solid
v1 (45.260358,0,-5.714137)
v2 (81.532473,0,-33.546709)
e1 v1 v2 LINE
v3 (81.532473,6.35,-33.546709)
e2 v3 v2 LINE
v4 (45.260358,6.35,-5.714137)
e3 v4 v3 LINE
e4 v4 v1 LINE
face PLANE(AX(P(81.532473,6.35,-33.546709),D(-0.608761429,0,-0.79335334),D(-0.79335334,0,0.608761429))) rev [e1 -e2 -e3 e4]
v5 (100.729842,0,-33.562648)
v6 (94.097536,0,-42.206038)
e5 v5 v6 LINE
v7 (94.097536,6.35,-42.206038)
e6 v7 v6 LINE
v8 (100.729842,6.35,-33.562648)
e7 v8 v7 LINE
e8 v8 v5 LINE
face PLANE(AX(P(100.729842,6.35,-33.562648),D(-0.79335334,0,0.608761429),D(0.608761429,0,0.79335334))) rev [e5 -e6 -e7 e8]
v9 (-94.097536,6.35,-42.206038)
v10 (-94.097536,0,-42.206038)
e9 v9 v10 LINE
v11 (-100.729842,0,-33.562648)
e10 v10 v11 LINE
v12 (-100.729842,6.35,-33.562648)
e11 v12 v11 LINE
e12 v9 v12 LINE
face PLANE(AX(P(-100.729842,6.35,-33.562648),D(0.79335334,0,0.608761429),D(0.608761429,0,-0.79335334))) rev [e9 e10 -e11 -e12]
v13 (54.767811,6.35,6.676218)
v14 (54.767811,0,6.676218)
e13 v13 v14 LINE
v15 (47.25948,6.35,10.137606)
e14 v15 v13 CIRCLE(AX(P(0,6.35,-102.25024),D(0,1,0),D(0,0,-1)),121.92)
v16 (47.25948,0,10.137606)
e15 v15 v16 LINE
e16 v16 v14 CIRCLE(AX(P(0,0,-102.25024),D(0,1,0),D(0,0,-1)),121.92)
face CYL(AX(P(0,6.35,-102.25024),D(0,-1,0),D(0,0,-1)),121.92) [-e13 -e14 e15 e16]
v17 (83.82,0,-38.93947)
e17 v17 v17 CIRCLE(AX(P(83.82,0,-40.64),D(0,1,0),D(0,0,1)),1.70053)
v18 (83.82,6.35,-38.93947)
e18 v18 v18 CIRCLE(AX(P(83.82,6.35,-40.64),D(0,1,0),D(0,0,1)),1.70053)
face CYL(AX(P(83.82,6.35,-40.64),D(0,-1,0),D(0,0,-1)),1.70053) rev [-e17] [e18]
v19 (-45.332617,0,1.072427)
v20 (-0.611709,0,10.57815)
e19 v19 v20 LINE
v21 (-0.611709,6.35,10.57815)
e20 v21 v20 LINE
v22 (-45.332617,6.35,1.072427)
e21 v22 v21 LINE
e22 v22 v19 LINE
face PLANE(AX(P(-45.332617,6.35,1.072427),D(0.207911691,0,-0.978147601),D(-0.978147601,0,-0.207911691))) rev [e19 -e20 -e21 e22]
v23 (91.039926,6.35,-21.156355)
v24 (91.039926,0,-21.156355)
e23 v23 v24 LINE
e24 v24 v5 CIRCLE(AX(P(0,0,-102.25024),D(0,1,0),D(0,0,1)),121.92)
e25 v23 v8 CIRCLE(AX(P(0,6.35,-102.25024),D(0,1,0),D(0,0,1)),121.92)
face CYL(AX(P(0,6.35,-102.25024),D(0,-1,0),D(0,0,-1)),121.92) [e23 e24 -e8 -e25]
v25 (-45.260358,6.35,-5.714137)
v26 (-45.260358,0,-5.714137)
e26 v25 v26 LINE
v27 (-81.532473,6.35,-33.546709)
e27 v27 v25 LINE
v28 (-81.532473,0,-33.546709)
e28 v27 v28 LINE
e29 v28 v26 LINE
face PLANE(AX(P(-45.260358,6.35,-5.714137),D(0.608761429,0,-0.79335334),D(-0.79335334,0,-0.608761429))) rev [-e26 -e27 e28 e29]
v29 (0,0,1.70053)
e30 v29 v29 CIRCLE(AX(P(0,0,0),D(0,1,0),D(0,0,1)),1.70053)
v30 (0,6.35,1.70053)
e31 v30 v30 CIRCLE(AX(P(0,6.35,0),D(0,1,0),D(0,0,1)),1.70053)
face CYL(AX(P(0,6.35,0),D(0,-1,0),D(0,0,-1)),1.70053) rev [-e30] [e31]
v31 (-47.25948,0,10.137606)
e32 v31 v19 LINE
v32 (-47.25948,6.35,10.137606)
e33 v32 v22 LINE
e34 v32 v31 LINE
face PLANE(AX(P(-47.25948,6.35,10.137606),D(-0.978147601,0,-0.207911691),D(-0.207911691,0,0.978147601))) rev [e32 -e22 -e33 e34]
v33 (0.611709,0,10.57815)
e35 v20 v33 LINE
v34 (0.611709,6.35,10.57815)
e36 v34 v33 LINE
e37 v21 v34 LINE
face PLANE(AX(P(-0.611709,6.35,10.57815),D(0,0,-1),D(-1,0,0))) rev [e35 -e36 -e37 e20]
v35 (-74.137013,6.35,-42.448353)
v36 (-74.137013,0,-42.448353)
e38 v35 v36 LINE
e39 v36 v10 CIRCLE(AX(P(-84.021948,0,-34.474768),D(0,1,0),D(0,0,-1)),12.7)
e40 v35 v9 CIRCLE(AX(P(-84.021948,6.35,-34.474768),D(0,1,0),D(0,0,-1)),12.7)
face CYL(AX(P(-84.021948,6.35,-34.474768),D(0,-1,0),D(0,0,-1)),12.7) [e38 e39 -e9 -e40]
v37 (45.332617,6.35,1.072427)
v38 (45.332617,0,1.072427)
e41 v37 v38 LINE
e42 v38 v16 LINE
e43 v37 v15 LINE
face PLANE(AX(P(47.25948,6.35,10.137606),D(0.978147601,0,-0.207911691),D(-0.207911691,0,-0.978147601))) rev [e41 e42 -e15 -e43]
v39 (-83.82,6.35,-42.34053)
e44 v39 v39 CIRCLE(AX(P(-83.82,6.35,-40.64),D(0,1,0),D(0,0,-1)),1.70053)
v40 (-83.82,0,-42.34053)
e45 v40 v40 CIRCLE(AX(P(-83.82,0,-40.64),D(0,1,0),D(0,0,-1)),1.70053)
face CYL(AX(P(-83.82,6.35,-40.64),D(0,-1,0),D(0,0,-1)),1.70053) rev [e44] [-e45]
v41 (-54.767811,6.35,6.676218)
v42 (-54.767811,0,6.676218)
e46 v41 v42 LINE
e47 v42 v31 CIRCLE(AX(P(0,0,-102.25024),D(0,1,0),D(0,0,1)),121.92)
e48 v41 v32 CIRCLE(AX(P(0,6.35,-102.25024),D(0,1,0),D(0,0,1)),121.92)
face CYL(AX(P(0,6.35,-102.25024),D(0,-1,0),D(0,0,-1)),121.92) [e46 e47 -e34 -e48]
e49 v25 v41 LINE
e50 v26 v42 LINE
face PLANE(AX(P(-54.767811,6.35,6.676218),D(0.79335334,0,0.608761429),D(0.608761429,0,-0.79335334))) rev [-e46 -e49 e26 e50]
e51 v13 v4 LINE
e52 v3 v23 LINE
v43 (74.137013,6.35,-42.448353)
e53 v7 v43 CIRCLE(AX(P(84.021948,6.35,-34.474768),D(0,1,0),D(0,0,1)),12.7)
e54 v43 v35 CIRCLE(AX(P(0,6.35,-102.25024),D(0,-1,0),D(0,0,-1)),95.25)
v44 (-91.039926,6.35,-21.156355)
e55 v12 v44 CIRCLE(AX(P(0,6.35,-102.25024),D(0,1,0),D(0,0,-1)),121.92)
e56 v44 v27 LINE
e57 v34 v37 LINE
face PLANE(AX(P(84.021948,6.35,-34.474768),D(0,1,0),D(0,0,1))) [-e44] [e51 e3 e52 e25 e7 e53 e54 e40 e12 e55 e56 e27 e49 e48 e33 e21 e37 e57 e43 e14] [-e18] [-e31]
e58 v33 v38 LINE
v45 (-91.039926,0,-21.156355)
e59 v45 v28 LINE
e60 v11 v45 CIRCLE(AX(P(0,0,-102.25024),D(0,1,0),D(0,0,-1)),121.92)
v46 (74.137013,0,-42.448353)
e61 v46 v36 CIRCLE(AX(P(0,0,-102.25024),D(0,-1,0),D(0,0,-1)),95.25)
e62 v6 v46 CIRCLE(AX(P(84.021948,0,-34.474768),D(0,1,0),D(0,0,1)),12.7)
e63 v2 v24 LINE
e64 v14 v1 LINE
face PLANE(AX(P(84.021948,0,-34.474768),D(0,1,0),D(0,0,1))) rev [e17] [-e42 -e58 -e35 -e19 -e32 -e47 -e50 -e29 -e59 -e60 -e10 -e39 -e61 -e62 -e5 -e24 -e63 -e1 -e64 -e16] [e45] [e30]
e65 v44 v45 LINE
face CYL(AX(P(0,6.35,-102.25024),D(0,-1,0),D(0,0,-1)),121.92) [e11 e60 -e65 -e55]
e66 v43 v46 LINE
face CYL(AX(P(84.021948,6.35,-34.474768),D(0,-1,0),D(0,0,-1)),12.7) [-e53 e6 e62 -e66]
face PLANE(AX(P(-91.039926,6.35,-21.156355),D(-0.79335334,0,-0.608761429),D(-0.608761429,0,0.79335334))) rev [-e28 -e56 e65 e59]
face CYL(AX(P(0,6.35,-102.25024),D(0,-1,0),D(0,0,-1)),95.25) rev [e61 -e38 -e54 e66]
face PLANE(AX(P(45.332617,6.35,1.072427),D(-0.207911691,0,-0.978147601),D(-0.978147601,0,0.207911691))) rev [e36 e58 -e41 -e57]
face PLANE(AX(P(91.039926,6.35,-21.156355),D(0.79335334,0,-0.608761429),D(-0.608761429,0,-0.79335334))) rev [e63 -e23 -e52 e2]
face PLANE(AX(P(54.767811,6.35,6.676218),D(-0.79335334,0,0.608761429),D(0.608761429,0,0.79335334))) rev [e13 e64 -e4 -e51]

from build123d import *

# Parameters (mm, degrees)
SKETCH1_R           = 1.70053
BOSS_EXTRUDE1_DEPTH = 6.35


with BuildPart() as part:
    # Sketch1 → Boss-Extrude1 (new body)
    with BuildSketch(Plane(origin=(0, 0, 0), x_dir=(1, 0, 0), z_dir=(0, 1, 0))):
        with BuildLine():
            Line((100.72984212, 33.562647915), (94.097535909, 42.20603765))
            ThreePointArc((94.097535909, 42.20603765), (84.176111379, 47.17383179), (74.137013371, 42.448352501))
            ThreePointArc((74.137013371, 42.448352501), (0, 7.00024), (-74.137013371, 42.448352501))
            ThreePointArc((-74.137013371, 42.448352501), (-84.176111379, 47.17383179), (-94.097535909, 42.20603765))
            Line((-94.097535909, 42.20603765), (-100.72984212, 33.562647915))
            ThreePointArc((-100.72984212, 33.562647915), (-96.085326852, 27.20294582), (-91.039926176, 21.156354646))
            Line((-91.039926176, 21.156354646), (-81.532472576, 33.546709409))
            Line((-81.532472576, 33.546709409), (-63.396415217, 19.630423142))
            Line((-63.396415217, 19.630423142), (-45.260357858, 5.714136875))
            Line((-45.260357858, 5.714136875), (-54.767811458, -6.676217888))
            ThreePointArc((-54.767811458, -6.676217888), (-51.042995201, -8.470575753), (-47.259480127, -10.137606043))
            Line((-47.259480127, -10.137606043), (-45.332616871, -1.072427153))
            Line((-45.332616871, -1.072427153), (-0.611708566, -10.578149657))
            Line((-0.611708566, -10.578149657), (0.611708566, -10.578149657))
            Line((0.611708566, -10.578149657), (45.332616871, -1.072427153))
            Line((45.332616871, -1.072427153), (47.259480127, -10.137606043))
            ThreePointArc((47.259480127, -10.137606043), (51.042995201, -8.470575753), (54.767811458, -6.676217888))
            Line((54.767811458, -6.676217888), (45.260357858, 5.714136875))
            Line((45.260357858, 5.714136875), (63.396415217, 19.630423142))
            Line((63.396415217, 19.630423142), (81.532472576, 33.546709409))
            Line((81.532472576, 33.546709409), (91.039926176, 21.156354646))
            ThreePointArc((91.039926176, 21.156354646), (96.085326852, 27.20294582), (100.72984212, 33.562647915))
        make_face()
        with Locations(Location((83.82, 40.64, 0), (0, 0, 270))):
            Circle(SKETCH1_R, mode=Mode.SUBTRACT)
        with Locations(Location((-83.82, 40.64, 0), (0, 0, 90))):
            Circle(SKETCH1_R, mode=Mode.SUBTRACT)
        with Locations(Location((0, 0, 0), (0, 0, 270))):
            Circle(SKETCH1_R, mode=Mode.SUBTRACT)
    extrude(amount=BOSS_EXTRUDE1_DEPTH)


solid = part.part
